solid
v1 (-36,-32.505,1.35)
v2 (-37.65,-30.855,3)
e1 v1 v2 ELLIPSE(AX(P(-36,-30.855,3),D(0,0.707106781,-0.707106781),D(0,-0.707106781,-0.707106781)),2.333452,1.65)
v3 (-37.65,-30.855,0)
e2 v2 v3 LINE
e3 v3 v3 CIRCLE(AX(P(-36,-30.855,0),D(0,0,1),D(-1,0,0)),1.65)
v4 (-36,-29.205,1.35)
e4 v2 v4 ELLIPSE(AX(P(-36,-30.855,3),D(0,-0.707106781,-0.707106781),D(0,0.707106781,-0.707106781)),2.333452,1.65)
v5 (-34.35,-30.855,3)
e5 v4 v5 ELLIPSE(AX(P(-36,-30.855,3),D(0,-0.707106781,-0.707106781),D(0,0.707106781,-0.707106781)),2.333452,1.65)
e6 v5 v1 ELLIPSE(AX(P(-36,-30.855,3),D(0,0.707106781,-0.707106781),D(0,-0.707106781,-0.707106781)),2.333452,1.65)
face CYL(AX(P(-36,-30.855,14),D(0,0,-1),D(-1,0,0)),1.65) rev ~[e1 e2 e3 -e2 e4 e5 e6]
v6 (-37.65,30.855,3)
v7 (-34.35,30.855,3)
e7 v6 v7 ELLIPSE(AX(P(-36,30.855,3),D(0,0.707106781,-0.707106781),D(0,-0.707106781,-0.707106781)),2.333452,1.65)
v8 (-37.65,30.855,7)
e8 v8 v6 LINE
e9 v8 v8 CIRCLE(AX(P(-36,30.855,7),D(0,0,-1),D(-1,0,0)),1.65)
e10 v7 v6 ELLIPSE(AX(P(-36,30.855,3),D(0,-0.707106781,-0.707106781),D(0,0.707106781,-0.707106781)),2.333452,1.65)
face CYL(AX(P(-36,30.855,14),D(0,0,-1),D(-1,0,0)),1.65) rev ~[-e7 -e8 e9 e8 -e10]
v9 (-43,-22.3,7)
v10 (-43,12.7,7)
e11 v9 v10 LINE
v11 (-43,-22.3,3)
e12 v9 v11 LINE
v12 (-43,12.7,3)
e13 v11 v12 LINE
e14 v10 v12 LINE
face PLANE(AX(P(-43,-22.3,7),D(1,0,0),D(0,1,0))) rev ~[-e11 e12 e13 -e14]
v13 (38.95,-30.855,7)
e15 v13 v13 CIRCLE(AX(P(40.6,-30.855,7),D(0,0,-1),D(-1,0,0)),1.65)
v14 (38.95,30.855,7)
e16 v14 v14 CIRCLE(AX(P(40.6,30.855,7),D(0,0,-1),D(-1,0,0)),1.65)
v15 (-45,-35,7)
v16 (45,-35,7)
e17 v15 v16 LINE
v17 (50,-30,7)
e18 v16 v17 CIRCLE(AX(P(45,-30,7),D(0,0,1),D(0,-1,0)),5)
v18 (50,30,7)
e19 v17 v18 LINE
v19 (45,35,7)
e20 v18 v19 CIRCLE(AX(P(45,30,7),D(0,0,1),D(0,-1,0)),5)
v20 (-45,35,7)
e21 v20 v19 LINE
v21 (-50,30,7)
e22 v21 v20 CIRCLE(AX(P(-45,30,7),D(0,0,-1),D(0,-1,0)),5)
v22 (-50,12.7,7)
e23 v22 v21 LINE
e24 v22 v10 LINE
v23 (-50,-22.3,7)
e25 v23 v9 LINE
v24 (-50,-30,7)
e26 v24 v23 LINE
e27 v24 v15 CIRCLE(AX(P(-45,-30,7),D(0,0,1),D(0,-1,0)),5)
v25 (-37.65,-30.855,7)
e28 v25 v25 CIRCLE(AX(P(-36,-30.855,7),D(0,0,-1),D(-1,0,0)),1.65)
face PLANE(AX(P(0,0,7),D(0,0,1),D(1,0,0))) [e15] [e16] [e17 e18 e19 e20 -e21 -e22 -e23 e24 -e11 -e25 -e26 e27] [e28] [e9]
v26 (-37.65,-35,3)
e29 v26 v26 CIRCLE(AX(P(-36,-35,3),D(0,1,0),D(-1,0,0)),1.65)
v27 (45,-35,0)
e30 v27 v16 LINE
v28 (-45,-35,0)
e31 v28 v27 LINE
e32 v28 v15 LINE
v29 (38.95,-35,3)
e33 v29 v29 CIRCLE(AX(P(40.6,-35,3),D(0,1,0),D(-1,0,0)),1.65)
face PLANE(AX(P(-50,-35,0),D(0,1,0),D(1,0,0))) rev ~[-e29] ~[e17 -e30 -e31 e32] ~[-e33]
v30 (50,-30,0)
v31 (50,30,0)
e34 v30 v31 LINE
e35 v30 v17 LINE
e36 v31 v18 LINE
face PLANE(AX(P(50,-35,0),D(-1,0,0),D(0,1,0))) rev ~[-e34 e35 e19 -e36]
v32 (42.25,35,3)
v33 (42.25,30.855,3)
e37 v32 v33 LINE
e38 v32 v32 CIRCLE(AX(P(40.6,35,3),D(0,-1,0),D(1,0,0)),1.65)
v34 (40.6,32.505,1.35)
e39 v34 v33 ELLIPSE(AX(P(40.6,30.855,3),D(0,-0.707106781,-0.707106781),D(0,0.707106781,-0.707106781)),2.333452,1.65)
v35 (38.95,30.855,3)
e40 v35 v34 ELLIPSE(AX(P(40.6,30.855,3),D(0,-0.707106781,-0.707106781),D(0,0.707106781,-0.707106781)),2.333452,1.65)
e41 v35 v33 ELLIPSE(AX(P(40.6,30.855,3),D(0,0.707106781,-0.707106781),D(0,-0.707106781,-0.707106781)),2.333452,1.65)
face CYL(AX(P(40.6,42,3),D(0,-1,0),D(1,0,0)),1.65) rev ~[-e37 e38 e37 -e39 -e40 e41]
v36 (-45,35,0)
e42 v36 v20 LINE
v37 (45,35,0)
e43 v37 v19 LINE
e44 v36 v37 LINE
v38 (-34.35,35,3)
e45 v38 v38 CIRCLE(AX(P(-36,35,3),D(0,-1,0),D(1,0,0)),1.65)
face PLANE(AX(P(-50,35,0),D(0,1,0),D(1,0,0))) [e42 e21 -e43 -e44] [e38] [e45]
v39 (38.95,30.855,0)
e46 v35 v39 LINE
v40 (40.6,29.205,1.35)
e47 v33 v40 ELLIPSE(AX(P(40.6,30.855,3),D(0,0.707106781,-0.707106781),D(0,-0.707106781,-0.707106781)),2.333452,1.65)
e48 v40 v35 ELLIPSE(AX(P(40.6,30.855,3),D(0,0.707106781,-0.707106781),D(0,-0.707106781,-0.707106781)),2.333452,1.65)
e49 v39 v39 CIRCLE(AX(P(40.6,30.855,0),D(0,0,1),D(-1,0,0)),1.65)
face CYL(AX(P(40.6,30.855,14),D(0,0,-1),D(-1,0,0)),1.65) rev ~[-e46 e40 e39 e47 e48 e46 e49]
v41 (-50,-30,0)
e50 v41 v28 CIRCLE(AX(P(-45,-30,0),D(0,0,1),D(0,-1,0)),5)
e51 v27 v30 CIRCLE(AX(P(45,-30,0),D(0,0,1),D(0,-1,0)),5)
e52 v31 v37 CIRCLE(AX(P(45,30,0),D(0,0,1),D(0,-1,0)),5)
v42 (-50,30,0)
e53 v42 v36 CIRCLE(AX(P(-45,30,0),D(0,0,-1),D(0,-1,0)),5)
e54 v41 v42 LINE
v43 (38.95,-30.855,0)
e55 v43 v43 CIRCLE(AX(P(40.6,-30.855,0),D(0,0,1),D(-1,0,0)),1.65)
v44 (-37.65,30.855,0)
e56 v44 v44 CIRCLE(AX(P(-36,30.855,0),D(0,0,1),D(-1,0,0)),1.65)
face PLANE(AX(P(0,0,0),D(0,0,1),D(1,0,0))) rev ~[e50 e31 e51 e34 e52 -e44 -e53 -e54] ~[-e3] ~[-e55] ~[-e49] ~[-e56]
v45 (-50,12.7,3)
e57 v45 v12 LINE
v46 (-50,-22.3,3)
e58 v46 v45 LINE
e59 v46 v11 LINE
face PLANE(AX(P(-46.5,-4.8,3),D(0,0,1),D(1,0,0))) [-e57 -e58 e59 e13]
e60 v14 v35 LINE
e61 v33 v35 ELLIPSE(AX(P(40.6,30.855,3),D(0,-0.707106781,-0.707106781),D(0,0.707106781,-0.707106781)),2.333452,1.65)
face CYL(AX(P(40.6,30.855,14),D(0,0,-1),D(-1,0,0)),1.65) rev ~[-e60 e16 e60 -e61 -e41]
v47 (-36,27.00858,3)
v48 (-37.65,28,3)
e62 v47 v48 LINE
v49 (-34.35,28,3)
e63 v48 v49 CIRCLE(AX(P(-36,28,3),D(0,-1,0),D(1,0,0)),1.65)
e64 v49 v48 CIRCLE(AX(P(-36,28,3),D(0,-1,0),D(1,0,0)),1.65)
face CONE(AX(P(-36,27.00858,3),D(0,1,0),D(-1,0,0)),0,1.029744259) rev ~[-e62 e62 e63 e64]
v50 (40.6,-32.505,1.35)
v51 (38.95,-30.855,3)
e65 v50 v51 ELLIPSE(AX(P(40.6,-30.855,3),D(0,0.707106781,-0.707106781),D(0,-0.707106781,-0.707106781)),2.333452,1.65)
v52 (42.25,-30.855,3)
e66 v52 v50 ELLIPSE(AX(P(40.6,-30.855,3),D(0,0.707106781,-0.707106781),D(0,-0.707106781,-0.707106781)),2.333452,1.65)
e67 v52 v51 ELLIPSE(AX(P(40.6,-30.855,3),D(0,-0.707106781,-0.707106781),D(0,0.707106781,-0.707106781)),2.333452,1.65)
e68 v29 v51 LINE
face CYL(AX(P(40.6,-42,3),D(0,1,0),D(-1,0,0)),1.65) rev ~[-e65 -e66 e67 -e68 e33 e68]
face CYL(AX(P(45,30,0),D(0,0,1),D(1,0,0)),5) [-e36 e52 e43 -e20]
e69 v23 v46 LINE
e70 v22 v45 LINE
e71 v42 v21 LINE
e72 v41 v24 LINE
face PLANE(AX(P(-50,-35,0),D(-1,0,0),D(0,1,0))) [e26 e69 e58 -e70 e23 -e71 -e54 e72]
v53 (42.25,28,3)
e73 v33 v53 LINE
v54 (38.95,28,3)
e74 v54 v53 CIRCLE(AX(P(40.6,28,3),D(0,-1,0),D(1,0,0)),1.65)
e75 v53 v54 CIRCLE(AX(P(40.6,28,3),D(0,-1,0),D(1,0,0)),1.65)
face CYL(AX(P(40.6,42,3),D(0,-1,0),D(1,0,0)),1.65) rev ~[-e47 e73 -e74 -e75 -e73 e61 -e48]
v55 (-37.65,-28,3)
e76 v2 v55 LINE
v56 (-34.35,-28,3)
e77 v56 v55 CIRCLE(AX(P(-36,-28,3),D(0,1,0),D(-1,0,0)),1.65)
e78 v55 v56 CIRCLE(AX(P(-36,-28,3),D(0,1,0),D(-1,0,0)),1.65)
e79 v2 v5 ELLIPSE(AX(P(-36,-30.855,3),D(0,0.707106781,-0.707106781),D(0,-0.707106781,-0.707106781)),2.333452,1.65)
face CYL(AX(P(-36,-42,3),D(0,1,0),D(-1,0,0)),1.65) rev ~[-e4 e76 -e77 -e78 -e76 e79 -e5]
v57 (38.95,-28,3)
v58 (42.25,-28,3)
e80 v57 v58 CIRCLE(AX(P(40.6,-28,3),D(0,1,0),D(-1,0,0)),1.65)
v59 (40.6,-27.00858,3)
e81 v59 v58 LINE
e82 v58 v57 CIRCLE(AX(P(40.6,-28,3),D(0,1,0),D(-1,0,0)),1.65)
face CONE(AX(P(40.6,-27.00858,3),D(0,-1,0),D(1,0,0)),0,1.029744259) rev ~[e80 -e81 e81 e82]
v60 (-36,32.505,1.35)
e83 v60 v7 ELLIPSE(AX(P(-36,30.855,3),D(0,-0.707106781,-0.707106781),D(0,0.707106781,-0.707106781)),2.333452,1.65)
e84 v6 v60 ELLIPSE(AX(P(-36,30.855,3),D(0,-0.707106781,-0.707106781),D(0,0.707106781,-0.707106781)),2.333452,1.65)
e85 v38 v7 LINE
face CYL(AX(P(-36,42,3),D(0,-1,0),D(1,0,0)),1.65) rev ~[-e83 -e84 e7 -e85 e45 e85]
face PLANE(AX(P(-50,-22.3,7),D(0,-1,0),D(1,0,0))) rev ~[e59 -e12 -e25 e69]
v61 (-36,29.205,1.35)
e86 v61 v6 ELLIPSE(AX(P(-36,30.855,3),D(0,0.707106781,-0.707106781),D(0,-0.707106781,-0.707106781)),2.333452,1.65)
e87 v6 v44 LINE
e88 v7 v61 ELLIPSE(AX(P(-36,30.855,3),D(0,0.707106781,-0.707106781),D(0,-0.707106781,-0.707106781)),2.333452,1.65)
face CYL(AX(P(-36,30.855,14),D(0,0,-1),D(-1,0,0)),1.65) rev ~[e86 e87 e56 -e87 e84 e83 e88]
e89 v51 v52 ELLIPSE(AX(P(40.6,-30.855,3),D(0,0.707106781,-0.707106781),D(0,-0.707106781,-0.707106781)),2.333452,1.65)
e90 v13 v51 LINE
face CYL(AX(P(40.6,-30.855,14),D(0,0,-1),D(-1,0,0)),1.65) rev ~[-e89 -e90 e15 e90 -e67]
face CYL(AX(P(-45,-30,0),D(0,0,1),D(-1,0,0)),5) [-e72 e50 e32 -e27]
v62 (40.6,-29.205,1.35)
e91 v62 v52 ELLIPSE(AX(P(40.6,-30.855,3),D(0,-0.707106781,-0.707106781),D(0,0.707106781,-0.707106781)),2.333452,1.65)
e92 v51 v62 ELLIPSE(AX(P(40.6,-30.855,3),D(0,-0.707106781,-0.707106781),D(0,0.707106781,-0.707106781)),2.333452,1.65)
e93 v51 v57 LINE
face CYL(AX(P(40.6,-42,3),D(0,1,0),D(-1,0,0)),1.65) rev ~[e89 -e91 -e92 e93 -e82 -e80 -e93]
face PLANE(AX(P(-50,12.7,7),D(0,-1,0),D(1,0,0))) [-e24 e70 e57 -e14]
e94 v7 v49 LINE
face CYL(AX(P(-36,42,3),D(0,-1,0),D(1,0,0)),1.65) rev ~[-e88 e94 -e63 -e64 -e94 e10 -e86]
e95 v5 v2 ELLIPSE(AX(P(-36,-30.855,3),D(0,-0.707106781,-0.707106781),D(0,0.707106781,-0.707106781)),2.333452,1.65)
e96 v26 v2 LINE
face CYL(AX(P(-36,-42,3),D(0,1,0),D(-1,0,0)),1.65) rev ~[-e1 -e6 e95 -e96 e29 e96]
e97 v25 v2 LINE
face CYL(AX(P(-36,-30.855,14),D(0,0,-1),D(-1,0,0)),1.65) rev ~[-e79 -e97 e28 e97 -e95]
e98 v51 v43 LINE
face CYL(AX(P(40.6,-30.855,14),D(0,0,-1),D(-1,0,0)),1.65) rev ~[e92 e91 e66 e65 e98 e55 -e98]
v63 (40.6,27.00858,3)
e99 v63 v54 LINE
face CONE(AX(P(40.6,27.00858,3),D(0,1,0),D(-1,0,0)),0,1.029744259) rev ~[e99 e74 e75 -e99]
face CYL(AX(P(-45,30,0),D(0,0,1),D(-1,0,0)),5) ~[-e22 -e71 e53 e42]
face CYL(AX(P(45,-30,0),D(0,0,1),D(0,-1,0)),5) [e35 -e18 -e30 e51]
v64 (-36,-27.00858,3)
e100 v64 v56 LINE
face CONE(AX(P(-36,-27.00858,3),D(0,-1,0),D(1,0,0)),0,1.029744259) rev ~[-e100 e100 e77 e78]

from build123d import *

# Parameters (mm, degrees)
F0_W           = 100
F0_H           = 70
F1_DEPTH       = 7
F2_R           = 5
F6_D           = 3.3
F6_DEPTH       = 7
F6_TIP         = 0.9914200214
F6_ON_F5_D     = 3.3
F6_ON_F5_DEPTH = 7
F6_ON_F5_TIP   = 0.9914200214
F6_ON_F4_D     = 3.3
F6_ON_F4_DEPTH = 7
F6_ON_F4_TIP   = 0.9914200214
F7_W           = 7
F7_H           = 35
F8_DEPTH       = 4


with BuildPart() as f1:
    # F0 (on Top) → F1 (new body)
    with BuildSketch(Plane.XY):
        Rectangle(F0_W, F0_H)
    extrude(amount=F1_DEPTH)

    # F2
    f2_edges = [f1.edges().sort_by_distance(p)[0] for p in [
        (-50, -35, 3.5),
        (50, -35, 3.5),
        (-50, 35, 3.5),
        (50, 35, 3.5),
    ]]
    fillet(f2_edges, radius=F2_R)

    # F6
    with Locations(Plane.XY.offset(7)):
        with Locations((-36, 30.855), (-36, -30.855), (40.6, -30.855), (40.6, 30.855)):
            Hole(F6_D / 2, depth=F6_DEPTH)
            with Locations((0, 0, -(F6_DEPTH + F6_TIP / 2))):  # 118° drill point
                Cone(0, F6_D / 2, F6_TIP, mode=Mode.SUBTRACT)

    # F6 on F5
    with Locations(Plane(origin=(0, 35, 0), x_dir=(-1, 0, 0), z_dir=(0, 1, 0))):
        with Locations((-40.6, 3), (36, 3)):
            Hole(F6_ON_F5_D / 2, depth=F6_ON_F5_DEPTH)
            with Locations((0, 0, -(F6_ON_F5_DEPTH + F6_ON_F5_TIP / 2))):  # 118° drill point
                Cone(0, F6_ON_F5_D / 2, F6_ON_F5_TIP, mode=Mode.SUBTRACT)

    # F6 on F4
    with Locations(Plane.XZ.offset(35)):
        with Locations((-36, 3), (40.6, 3)):
            Hole(F6_ON_F4_D / 2, depth=F6_ON_F4_DEPTH)
            with Locations((0, 0, -(F6_ON_F4_DEPTH + F6_ON_F4_TIP / 2))):  # 118° drill point
                Cone(0, F6_ON_F4_D / 2, F6_ON_F4_TIP, mode=Mode.SUBTRACT)

    # F7 (on face) → F8 (cut)
    with BuildSketch(Plane.XY.offset(7)):
        with Locations((-46.5, -4.8)):
            Rectangle(F7_W, F7_H)
    extrude(amount=-F8_DEPTH, mode=Mode.SUBTRACT)


solid = f1.part
